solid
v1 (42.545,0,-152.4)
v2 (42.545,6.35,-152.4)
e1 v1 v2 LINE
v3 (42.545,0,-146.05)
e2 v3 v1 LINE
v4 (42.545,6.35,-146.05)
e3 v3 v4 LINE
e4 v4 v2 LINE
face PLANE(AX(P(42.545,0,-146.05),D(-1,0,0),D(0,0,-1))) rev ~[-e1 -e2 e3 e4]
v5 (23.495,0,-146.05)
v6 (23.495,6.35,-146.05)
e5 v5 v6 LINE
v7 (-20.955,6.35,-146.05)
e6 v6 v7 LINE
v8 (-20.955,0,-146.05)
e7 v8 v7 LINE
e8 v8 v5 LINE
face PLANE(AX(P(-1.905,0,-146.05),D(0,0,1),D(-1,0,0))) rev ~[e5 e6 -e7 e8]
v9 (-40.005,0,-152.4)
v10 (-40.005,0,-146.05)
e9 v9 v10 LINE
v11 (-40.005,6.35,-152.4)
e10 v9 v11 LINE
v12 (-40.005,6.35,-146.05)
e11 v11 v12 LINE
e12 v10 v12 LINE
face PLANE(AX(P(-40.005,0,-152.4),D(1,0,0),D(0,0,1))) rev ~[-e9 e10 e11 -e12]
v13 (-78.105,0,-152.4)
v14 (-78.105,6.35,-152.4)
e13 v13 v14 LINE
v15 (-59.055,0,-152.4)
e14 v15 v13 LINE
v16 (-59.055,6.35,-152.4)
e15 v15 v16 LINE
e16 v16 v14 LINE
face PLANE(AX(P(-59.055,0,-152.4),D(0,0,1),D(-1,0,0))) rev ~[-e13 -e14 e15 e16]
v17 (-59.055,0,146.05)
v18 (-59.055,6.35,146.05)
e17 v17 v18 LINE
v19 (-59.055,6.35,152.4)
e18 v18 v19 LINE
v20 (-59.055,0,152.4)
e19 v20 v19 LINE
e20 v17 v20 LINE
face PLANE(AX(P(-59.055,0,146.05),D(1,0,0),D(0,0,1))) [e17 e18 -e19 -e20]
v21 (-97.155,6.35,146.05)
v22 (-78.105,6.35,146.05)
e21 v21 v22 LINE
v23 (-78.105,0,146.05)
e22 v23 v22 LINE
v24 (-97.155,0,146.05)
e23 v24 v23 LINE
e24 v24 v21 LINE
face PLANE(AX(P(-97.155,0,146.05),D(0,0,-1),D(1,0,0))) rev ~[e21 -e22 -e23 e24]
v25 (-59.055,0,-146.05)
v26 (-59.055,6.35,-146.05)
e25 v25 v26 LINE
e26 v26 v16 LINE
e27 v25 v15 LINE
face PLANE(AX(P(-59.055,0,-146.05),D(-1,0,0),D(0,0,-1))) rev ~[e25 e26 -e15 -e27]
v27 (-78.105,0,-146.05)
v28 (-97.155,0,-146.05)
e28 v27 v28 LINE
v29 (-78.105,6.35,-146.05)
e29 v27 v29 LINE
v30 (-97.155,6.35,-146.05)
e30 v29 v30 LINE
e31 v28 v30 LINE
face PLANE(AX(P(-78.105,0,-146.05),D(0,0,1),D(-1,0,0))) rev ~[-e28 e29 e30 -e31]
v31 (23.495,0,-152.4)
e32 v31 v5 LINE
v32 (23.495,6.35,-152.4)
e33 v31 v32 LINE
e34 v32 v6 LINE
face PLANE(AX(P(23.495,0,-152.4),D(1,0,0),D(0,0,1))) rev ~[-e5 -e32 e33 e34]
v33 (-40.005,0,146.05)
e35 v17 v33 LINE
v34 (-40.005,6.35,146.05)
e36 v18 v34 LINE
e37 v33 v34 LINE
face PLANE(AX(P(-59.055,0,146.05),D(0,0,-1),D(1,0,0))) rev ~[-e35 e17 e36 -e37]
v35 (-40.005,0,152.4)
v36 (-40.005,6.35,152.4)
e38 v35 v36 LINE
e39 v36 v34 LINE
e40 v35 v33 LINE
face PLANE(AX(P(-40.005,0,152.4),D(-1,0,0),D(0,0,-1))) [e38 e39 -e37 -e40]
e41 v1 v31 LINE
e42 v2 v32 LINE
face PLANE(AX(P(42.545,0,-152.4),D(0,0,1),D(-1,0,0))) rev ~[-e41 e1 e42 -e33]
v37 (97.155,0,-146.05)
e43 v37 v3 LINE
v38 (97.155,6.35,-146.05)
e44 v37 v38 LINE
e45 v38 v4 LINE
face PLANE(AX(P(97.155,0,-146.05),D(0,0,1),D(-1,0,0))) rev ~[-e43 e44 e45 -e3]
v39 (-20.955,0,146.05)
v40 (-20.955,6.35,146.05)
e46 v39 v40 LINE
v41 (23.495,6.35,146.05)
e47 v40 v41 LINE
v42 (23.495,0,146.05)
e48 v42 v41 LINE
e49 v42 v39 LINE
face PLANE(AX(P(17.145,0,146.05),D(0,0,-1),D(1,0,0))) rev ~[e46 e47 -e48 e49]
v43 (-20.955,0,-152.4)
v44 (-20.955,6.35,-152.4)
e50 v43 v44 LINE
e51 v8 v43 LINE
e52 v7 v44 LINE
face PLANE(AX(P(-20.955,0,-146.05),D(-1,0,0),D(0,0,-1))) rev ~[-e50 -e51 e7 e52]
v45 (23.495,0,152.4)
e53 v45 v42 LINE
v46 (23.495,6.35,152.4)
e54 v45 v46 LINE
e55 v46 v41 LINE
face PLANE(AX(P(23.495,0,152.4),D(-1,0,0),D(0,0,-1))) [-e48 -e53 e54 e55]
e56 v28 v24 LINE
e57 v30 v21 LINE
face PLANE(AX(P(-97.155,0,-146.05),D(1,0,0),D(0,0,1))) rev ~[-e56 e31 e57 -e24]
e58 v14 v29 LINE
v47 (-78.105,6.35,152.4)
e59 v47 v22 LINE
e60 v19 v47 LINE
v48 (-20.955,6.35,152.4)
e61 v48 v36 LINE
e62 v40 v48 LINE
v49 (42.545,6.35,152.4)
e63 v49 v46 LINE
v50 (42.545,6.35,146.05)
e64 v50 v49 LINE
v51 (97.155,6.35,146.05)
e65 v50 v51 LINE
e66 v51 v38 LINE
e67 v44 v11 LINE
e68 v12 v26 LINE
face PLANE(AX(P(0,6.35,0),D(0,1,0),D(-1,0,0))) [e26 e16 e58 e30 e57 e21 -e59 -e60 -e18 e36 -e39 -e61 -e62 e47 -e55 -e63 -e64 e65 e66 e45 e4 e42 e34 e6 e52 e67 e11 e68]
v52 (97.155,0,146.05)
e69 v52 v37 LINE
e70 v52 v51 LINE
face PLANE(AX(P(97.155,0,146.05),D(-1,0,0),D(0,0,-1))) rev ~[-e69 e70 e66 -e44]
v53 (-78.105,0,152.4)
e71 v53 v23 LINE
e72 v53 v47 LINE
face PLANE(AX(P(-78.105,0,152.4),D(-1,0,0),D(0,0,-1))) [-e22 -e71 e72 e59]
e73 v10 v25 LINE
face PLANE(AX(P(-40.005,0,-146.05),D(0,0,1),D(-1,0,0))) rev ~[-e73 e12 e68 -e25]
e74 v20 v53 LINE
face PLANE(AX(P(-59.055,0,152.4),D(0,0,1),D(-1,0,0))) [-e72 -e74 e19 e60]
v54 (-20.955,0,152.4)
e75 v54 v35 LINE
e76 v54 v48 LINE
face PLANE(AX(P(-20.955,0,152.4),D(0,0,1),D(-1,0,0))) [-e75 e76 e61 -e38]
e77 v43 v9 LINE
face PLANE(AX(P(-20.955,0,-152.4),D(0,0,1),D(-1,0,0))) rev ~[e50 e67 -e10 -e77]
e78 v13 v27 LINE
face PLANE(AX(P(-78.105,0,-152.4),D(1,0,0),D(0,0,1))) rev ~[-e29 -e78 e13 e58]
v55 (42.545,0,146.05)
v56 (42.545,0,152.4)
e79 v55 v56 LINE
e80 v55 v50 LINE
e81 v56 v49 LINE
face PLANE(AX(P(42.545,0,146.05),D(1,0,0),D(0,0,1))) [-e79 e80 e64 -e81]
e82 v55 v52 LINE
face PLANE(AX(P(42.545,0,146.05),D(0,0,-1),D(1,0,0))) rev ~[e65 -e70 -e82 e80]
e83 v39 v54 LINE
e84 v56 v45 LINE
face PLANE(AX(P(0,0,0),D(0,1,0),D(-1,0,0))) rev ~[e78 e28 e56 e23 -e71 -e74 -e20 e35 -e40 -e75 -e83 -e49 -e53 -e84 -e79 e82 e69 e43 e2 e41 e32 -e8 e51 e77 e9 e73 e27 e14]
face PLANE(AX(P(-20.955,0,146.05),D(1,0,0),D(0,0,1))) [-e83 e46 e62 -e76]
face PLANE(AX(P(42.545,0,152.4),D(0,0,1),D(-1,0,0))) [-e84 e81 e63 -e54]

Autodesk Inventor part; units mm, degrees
ref_plane "YZ Plane" through (0, 0, 0) normal (1, 0, 0) x (0, 1, 0)
ref_plane "XZ Plane" through (0, 0, 0) normal (0, 1, 0) x (-1, 0, 0)
ref_plane "XY Plane" through (0, 0, 0) normal (0, 0, 1) x (1, 0, 0)
sketch "Sketch1" plane through (0, 0, 0) normal (0, 1, 0) x (-1, 0, 0)
  line L0 (97.155, 146.05) -> (-97.155, 146.05)
  line L1 (-97.155, 146.05) -> (-97.155, -146.05)
  line L2 (-97.155, -146.05) -> (97.155, -146.05)
  line L3 (97.155, -146.05) -> (97.155, 146.05)
  line L4 (97.155, 146.05) -> (-97.155, -146.05) construction
  line L5 (-97.155, 146.05) -> (97.155, -146.05) construction
  line L6 (97.155, -146.05) -> (78.105, -146.05)
  line L7 (78.105, -146.05) -> (59.055, -146.05)
  line L8 (59.055, -146.05) -> (59.055, -152.4)
  line L9 (59.055, -152.4) -> (78.105, -152.4)
  line L10 (78.105, -152.4) -> (78.105, -146.05)
  line L11 (40.005, -146.05) -> (20.955, -146.05)
  line L12 (40.005, -152.4) -> (40.005, -146.05)
  line L13 (20.955, -146.05) -> (20.955, -152.4)
  line L14 (20.955, -152.4) -> (40.005, -152.4)
  line L15 (1.905, -146.05) -> (-17.145, -146.05)
  line L16 (1.905, -152.4) -> (1.905, -146.05)
  line L17 (-17.145, -146.05) -> (-17.145, -152.4)
  line L18 (-17.145, -152.4) -> (1.905, -152.4)
  line L19 (78.105, 146.05) -> (59.055, 146.05)
  line L20 (59.055, 146.05) -> (59.055, 152.4)
  line L21 (59.055, 152.4) -> (78.105, 152.4)
  line L22 (78.105, 152.4) -> (78.105, 146.05)
  line L23 (40.005, 146.05) -> (20.955, 146.05)
  line L24 (40.005, 152.4) -> (40.005, 146.05)
  line L25 (20.955, 146.05) -> (20.955, 152.4)
  line L26 (20.955, 152.4) -> (40.005, 152.4)
  line L27 (1.905, 146.05) -> (-17.145, 146.05)
  line L28 (1.905, 152.4) -> (1.905, 146.05) construction
  line L29 (-17.145, 146.05) -> (-17.145, 152.4) construction
  line L30 (-17.145, 152.4) -> (1.905, 152.4) construction
  line L31 (-23.495, 152.4) -> (-23.495, 146.05)
  line L32 (-23.495, 146.05) -> (-42.545, 146.05)
  line L33 (-42.545, 146.05) -> (-42.545, 152.4)
  line L34 (-42.545, 152.4) -> (-23.495, 152.4)
  line L35 (-23.495, 146.05) -> (-42.545, 146.05)
  line L36 (-23.495, -152.4) -> (-23.495, -146.05)
  line L37 (-23.495, -146.05) -> (-42.545, -146.05)
  line L38 (-42.545, -146.05) -> (-42.545, -152.4)
  line L39 (-42.545, -152.4) -> (-23.495, -152.4)
  point P0 (0, 0)
  dimension "d0" = 292.1
  dimension "d1" = 194.31
  dimension "d2" = 19.05
  dimension "d3" = 19.05
  dimension "d4" = 6.35
  dimension "d7" = 38.1
  dimension "d14" = 6.35
  dimension "d15" = 19.05
extrude "Extrusion2" add sketch "Sketch1" along normal blind 6.35 contours L3 L2 L1 L0 | L0 L20 L21 L22 | L10 L9 L8 L2 | L0 L25 L26 L24 | L12 L14 L13 L2 | L0 L33 L34 L31 | L36 L39 L38 L2
properties part number "ramp"
